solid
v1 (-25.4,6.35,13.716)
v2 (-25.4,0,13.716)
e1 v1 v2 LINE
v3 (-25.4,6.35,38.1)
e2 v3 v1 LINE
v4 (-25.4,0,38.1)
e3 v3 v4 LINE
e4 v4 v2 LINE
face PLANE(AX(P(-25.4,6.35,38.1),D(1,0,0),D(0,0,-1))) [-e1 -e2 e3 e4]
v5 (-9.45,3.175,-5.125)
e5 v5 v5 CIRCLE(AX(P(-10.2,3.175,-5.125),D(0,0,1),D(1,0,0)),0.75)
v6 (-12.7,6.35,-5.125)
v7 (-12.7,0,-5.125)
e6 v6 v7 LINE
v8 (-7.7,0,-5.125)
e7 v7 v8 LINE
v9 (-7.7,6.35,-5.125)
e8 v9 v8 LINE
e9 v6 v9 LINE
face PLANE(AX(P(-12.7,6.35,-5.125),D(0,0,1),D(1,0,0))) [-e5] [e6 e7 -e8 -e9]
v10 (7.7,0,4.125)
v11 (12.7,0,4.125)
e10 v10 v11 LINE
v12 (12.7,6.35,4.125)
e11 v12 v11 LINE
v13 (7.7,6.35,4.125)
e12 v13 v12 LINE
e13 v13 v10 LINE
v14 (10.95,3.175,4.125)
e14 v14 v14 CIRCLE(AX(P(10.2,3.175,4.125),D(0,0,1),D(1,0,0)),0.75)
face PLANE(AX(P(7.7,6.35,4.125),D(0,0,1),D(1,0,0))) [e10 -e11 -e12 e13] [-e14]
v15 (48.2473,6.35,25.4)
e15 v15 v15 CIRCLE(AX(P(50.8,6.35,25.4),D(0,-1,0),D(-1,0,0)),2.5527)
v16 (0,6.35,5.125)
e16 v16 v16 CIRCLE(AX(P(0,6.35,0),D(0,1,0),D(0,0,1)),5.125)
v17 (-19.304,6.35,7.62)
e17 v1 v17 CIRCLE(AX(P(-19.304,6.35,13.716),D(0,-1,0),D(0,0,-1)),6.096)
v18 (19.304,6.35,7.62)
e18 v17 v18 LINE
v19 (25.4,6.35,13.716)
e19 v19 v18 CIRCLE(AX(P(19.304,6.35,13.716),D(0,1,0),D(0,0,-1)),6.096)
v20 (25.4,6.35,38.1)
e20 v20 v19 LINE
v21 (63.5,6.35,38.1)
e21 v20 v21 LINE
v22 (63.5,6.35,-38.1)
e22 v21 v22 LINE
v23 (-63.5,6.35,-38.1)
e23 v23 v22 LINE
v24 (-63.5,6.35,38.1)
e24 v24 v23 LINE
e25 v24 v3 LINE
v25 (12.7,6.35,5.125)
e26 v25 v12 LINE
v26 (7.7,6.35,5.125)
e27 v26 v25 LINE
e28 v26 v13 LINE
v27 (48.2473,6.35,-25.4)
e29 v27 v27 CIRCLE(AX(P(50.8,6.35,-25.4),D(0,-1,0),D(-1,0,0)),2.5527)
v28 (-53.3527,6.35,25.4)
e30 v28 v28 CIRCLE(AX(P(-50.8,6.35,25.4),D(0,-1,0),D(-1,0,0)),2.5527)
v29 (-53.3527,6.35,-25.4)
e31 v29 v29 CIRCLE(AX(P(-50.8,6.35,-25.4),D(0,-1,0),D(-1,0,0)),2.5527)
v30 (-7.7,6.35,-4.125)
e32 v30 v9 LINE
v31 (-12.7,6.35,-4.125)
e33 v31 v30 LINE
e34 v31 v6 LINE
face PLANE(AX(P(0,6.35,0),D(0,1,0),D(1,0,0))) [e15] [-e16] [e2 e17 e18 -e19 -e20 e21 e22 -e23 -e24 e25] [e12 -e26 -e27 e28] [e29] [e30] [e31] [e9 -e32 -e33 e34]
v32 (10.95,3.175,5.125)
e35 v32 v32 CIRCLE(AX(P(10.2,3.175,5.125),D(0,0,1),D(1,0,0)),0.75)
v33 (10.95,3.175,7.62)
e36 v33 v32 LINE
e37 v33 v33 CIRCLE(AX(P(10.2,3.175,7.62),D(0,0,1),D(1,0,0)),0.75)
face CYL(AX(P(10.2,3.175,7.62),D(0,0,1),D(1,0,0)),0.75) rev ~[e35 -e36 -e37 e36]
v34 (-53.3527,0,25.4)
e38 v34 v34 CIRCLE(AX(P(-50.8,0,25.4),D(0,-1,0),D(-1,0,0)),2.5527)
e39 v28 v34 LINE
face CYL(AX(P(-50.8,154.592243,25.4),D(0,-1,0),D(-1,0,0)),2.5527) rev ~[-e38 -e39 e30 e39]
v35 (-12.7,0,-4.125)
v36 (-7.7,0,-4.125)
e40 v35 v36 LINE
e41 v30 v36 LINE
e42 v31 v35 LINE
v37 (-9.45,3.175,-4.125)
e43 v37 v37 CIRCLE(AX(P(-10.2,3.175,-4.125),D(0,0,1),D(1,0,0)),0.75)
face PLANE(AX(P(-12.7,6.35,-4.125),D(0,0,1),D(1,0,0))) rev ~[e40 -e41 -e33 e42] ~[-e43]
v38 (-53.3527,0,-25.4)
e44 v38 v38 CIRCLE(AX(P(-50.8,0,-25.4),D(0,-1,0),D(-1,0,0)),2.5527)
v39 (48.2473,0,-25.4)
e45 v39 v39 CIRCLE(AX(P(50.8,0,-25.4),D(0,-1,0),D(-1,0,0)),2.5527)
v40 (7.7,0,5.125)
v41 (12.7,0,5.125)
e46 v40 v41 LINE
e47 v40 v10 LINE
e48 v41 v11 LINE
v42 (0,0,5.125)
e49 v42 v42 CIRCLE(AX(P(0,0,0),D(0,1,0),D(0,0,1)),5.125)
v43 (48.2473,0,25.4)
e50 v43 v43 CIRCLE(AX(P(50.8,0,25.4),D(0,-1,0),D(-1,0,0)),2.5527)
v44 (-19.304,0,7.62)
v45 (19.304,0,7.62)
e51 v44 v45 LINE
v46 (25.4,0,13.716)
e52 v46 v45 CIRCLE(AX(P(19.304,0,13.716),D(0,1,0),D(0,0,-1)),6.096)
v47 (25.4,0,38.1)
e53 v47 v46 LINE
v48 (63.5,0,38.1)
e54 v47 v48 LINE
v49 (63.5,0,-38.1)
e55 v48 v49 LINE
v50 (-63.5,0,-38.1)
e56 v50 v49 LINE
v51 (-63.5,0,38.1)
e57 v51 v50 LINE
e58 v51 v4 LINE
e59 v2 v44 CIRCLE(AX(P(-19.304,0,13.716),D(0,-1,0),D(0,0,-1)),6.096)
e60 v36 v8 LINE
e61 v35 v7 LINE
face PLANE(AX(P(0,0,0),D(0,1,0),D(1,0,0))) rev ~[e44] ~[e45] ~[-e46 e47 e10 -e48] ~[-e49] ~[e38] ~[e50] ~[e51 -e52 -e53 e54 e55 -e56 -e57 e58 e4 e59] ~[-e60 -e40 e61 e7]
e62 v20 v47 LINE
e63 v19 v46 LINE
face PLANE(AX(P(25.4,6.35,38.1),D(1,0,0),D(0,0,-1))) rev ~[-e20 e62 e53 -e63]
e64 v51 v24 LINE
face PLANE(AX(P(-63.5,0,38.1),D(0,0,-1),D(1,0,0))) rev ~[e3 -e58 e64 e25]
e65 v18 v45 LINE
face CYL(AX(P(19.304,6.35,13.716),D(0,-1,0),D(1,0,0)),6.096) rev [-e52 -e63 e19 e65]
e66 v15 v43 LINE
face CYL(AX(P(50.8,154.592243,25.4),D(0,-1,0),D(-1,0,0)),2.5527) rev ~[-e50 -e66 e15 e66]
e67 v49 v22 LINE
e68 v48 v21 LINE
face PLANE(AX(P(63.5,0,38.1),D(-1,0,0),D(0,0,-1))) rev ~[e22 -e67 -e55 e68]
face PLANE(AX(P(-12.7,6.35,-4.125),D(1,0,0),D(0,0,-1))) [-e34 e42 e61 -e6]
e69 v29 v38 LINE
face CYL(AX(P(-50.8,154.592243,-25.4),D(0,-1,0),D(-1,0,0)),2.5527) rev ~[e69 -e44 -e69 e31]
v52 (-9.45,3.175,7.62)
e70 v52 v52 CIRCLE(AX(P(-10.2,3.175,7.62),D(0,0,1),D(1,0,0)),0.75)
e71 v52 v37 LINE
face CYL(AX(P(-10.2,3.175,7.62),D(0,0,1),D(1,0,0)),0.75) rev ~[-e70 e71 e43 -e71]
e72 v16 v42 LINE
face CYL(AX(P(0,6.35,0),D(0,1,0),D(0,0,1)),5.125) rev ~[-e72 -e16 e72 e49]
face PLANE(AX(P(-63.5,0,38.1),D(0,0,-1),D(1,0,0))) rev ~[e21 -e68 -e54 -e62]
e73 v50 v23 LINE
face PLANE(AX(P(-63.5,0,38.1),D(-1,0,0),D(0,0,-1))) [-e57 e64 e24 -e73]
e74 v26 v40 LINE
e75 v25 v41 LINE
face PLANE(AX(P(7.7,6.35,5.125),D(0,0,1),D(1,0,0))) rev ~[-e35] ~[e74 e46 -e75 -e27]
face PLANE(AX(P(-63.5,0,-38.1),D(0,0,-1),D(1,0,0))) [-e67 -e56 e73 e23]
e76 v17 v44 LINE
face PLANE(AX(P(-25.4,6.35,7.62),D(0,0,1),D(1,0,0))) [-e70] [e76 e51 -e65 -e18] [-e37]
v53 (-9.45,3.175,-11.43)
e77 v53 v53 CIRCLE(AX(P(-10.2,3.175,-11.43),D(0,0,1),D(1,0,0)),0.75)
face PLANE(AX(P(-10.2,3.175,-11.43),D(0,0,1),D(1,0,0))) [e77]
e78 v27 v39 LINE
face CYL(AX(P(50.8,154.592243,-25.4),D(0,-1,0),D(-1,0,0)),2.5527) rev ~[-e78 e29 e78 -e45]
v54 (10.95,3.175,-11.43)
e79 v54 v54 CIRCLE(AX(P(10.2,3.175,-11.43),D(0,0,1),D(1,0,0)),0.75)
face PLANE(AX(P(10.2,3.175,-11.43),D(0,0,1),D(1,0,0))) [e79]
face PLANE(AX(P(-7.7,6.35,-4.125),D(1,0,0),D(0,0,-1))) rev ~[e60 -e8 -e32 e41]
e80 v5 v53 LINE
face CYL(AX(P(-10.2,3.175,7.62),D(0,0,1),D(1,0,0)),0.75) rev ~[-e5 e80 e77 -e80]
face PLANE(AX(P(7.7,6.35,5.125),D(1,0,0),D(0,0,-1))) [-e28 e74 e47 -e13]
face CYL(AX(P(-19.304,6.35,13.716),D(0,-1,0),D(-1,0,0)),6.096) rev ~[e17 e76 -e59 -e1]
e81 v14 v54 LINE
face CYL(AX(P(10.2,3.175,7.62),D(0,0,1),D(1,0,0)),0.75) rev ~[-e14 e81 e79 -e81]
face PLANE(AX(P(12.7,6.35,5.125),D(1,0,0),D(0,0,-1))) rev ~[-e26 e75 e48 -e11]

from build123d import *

# Parameters (mm, degrees)
SKETCH1_W               = 127
SKETCH1_H               = 76.2
BOSS_EXTRUDE1_DEPTH     = 6.35
SKETCH3_R               = 5.125
SKETCH3_W               = 50.8
SKETCH3_H               = 30.48
SKETCH3_W_2             = 5
SKETCH3_H_2             = 1
CUT_EXTRUDE1_DEPTH      = 75.324844433
FILLET1_R               = 6.096
SKETCH4_R               = 0.75
CUT_EXTRUDE2_DEPTH      = 19.05
F_1_4_20_TAPPED_HOLE1_D = 5.1054


with BuildPart() as part:
    # Sketch1 → Boss-Extrude1 (new body)
    with BuildSketch(Plane(origin=(0, 0, 0), x_dir=(1, 0, 0), z_dir=(0, 1, 0))):
        Rectangle(SKETCH1_W, SKETCH1_H)
    extrude(amount=BOSS_EXTRUDE1_DEPTH)

    # Sketch3 → Cut-Extrude1 (cut, through all)
    with BuildSketch(Plane(origin=(0, 6.35, 0), x_dir=(1, 0, 0), z_dir=(0, 1, 0))):
        with Locations(Location((0, 0, 0), (0, 0, 270))):
            Circle(SKETCH3_R)
        with Locations((0, -22.86)):
            Rectangle(SKETCH3_W, SKETCH3_H)
        with Locations((10.2, -4.625)):
            Rectangle(SKETCH3_W_2, SKETCH3_H_2)
        with Locations((-10.2, 4.625)):
            Rectangle(SKETCH3_W_2, SKETCH3_H_2)
    extrude(amount=-CUT_EXTRUDE1_DEPTH, mode=Mode.SUBTRACT)

    # Fillet1
    fillet1_edges = [part.edges().sort_by_distance(p)[0] for p in [
        (-25.4, 3.175, 7.62),
        (25.4, 3.175, 7.62),
    ]]
    fillet(fillet1_edges, radius=FILLET1_R)

    # Sketch4 → Cut-Extrude2 (cut)
    with BuildSketch(Plane.XY.offset(7.62)):
        with Locations((-10.2, 3.175)):
            Circle(SKETCH4_R)
        with Locations((10.2, 3.175)):
            Circle(SKETCH4_R)
    extrude(amount=-CUT_EXTRUDE2_DEPTH, mode=Mode.SUBTRACT)

    # 1/4-20 Tapped Hole1 (through all)
    with Locations(Plane(origin=(0, 6.35, 0), x_dir=(1, 0, 0), z_dir=(0, 1, 0))):
        with Locations((-50.8, 25.4), (50.8, 25.4), (50.8, -25.4), (-50.8, -25.4)):
            Hole(F_1_4_20_TAPPED_HOLE1_D / 2)


solid = part.part
